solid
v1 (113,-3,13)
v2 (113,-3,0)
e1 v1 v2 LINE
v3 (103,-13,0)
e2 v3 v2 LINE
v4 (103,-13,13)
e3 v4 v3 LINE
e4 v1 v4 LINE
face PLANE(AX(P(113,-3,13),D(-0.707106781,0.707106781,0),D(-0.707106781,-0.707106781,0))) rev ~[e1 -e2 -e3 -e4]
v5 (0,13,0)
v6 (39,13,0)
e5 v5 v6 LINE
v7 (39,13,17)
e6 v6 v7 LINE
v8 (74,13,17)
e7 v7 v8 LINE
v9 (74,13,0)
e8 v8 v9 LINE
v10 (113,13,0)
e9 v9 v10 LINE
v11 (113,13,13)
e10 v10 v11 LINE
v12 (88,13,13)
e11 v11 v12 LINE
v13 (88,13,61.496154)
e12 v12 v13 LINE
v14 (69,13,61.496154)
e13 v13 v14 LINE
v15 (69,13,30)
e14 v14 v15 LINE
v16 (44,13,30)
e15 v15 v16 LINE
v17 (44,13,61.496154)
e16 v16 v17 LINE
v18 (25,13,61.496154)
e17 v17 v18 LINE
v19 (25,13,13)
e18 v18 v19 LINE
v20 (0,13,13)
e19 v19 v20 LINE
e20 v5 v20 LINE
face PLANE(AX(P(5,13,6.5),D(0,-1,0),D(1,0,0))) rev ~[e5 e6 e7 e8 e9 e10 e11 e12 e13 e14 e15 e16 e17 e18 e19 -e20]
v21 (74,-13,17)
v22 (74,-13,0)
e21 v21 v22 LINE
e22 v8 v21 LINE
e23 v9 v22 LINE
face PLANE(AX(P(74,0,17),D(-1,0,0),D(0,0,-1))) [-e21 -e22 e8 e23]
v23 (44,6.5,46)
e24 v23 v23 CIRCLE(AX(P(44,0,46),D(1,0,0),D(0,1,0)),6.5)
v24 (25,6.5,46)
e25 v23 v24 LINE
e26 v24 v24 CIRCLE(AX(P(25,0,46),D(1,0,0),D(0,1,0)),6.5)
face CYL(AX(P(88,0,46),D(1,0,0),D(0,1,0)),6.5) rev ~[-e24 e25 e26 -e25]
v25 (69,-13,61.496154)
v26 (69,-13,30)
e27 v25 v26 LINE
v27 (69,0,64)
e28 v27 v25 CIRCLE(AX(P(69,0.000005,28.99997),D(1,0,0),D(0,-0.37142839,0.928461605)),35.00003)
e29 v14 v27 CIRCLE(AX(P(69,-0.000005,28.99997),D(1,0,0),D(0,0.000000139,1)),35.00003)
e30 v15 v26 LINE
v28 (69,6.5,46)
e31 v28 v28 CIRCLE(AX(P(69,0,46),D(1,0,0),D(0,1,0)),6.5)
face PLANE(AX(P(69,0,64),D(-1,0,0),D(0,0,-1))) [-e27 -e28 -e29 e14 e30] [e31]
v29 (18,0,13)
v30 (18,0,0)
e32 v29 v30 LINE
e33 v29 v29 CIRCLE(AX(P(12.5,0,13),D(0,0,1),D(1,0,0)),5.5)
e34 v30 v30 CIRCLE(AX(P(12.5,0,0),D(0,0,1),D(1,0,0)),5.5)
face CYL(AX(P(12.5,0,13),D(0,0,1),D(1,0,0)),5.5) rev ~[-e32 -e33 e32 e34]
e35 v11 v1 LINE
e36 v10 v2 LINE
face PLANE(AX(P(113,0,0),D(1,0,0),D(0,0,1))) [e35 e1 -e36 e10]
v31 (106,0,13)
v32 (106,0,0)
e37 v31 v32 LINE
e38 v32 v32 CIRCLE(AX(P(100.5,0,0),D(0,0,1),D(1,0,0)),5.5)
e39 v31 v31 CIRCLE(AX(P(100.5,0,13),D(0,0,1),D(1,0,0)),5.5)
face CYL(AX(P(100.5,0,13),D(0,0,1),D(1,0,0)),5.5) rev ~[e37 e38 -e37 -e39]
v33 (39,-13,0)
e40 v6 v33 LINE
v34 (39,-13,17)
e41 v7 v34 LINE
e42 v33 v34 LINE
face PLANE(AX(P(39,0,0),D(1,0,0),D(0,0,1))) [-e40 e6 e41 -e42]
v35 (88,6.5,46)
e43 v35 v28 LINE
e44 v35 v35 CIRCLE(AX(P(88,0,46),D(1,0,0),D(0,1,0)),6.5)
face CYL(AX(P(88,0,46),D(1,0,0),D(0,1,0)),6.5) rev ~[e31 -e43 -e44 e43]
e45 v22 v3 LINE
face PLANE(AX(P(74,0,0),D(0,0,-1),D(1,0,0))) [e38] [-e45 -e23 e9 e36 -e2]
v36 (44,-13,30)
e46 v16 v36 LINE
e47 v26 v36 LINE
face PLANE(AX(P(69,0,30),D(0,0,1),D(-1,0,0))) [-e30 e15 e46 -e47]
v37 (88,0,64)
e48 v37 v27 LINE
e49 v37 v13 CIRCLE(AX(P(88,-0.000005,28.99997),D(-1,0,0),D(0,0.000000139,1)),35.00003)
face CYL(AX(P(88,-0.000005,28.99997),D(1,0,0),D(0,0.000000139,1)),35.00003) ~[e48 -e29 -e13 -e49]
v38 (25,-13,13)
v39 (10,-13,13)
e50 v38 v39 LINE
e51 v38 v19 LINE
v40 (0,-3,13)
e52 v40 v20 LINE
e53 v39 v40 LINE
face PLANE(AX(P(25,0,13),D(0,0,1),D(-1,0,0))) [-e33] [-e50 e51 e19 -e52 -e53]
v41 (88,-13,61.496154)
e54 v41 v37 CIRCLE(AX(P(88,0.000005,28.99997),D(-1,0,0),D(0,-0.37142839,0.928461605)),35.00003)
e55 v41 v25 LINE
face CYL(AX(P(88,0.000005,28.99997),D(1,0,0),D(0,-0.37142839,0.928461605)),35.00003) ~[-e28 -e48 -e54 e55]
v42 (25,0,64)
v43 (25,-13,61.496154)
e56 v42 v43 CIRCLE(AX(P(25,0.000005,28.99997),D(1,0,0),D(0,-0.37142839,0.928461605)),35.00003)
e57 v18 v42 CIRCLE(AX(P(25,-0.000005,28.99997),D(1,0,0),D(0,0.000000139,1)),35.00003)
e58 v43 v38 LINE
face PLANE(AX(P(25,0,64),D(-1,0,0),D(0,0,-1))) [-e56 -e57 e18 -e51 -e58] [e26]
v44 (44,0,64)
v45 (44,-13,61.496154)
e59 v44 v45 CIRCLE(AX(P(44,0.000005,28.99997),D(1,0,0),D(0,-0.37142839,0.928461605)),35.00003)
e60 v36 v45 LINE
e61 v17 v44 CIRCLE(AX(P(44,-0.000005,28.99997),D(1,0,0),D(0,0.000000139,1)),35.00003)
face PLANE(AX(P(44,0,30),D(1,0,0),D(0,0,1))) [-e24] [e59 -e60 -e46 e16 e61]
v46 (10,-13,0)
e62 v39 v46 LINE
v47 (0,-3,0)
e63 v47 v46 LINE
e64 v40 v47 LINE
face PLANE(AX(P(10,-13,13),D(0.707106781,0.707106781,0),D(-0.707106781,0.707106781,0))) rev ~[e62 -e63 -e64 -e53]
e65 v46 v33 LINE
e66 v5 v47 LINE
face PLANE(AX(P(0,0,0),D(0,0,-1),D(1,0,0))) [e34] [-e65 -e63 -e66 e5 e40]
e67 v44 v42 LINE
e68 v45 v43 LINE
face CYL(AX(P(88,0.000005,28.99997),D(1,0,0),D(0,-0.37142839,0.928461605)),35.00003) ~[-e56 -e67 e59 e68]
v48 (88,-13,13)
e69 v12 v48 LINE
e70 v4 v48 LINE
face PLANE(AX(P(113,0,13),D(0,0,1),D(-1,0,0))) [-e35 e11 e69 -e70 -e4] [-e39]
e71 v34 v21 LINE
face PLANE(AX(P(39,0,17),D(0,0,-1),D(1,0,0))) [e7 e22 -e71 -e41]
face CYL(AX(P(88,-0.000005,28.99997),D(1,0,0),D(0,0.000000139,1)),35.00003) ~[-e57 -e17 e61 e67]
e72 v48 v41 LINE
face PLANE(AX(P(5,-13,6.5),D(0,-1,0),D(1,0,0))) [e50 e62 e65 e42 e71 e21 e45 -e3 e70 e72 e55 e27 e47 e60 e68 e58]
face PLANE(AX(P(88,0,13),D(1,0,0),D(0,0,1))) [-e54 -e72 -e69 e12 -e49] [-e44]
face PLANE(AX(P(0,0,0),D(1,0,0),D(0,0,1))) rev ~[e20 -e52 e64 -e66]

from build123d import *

# Parameters (mm, degrees)
F0_W     = 10
F0_H     = 13
F1_DEPTH = 13
F2_R     = 5.5
F3_DEPTH = 13.001
F4_R     = 5.5
F5_DEPTH = 13.001
F6_R     = 6.5
F7_DEPTH = 88.001
F8_DEPTH = 88.001


with BuildPart() as f1:
    # F0 (on Front) → F1 (new body, symmetric)
    with BuildSketch(Plane.XZ):
        with Locations((5, 6.5)):
            Rectangle(F0_W, F0_H)
        Polygon((10, 13), (10, 0), (39, 0), (39, 17), (74, 17), (74, 0), (103, 0), (103, 13), (88, 13), (88, 64), (69, 64), (69, 30), (44, 30), (44, 64), (25, 64), (25, 13), align=None)
        with Locations((108, 6.5)):
            Rectangle(F0_W, F0_H)
    extrude(amount=F1_DEPTH, both=True)

    # F2 (on face) → F3 (cut, through all)
    with BuildSketch(Plane.XY.offset(13)):
        Polygon((0, -13), (10, -13), (0, -3), align=None)
        with Locations((12.5, 0)):
            Circle(F2_R)
    extrude(amount=-F3_DEPTH, mode=Mode.SUBTRACT)

    # F4 (on face) → F5 (cut, through all)
    with BuildSketch(Plane.XY.offset(13)):
        with Locations((100.5, 0)):
            Circle(F4_R)
        Polygon((113, -3), (103, -13), (113, -13), align=None)
    extrude(amount=-F5_DEPTH, mode=Mode.SUBTRACT)

    # F6 (on face) → F7 (cut, through all)
    with BuildSketch(Plane.YZ.offset(88)):
        with Locations((0, 46)):
            Circle(F6_R)
    extrude(amount=-F7_DEPTH, mode=Mode.SUBTRACT)

    # F6 (on face) → F8 (cut, through all)
    with BuildSketch(Plane.YZ.offset(88)):
        with BuildLine():
            Line((13, 64), (0, 64))
            ThreePointArc((0, 64), (6.619465, 63.368338), (13, 61.496154))
            Line((13, 61.496154), (13, 64))
        make_face()
        with BuildLine():
            ThreePointArc((-13, 61.496154), (-6.619465, 63.368338), (0, 64))
            Line((0, 64), (-13, 64))
            Line((-13, 64), (-13, 61.496154))
        make_face()
    extrude(amount=-F8_DEPTH, mode=Mode.SUBTRACT)


solid = f1.part
